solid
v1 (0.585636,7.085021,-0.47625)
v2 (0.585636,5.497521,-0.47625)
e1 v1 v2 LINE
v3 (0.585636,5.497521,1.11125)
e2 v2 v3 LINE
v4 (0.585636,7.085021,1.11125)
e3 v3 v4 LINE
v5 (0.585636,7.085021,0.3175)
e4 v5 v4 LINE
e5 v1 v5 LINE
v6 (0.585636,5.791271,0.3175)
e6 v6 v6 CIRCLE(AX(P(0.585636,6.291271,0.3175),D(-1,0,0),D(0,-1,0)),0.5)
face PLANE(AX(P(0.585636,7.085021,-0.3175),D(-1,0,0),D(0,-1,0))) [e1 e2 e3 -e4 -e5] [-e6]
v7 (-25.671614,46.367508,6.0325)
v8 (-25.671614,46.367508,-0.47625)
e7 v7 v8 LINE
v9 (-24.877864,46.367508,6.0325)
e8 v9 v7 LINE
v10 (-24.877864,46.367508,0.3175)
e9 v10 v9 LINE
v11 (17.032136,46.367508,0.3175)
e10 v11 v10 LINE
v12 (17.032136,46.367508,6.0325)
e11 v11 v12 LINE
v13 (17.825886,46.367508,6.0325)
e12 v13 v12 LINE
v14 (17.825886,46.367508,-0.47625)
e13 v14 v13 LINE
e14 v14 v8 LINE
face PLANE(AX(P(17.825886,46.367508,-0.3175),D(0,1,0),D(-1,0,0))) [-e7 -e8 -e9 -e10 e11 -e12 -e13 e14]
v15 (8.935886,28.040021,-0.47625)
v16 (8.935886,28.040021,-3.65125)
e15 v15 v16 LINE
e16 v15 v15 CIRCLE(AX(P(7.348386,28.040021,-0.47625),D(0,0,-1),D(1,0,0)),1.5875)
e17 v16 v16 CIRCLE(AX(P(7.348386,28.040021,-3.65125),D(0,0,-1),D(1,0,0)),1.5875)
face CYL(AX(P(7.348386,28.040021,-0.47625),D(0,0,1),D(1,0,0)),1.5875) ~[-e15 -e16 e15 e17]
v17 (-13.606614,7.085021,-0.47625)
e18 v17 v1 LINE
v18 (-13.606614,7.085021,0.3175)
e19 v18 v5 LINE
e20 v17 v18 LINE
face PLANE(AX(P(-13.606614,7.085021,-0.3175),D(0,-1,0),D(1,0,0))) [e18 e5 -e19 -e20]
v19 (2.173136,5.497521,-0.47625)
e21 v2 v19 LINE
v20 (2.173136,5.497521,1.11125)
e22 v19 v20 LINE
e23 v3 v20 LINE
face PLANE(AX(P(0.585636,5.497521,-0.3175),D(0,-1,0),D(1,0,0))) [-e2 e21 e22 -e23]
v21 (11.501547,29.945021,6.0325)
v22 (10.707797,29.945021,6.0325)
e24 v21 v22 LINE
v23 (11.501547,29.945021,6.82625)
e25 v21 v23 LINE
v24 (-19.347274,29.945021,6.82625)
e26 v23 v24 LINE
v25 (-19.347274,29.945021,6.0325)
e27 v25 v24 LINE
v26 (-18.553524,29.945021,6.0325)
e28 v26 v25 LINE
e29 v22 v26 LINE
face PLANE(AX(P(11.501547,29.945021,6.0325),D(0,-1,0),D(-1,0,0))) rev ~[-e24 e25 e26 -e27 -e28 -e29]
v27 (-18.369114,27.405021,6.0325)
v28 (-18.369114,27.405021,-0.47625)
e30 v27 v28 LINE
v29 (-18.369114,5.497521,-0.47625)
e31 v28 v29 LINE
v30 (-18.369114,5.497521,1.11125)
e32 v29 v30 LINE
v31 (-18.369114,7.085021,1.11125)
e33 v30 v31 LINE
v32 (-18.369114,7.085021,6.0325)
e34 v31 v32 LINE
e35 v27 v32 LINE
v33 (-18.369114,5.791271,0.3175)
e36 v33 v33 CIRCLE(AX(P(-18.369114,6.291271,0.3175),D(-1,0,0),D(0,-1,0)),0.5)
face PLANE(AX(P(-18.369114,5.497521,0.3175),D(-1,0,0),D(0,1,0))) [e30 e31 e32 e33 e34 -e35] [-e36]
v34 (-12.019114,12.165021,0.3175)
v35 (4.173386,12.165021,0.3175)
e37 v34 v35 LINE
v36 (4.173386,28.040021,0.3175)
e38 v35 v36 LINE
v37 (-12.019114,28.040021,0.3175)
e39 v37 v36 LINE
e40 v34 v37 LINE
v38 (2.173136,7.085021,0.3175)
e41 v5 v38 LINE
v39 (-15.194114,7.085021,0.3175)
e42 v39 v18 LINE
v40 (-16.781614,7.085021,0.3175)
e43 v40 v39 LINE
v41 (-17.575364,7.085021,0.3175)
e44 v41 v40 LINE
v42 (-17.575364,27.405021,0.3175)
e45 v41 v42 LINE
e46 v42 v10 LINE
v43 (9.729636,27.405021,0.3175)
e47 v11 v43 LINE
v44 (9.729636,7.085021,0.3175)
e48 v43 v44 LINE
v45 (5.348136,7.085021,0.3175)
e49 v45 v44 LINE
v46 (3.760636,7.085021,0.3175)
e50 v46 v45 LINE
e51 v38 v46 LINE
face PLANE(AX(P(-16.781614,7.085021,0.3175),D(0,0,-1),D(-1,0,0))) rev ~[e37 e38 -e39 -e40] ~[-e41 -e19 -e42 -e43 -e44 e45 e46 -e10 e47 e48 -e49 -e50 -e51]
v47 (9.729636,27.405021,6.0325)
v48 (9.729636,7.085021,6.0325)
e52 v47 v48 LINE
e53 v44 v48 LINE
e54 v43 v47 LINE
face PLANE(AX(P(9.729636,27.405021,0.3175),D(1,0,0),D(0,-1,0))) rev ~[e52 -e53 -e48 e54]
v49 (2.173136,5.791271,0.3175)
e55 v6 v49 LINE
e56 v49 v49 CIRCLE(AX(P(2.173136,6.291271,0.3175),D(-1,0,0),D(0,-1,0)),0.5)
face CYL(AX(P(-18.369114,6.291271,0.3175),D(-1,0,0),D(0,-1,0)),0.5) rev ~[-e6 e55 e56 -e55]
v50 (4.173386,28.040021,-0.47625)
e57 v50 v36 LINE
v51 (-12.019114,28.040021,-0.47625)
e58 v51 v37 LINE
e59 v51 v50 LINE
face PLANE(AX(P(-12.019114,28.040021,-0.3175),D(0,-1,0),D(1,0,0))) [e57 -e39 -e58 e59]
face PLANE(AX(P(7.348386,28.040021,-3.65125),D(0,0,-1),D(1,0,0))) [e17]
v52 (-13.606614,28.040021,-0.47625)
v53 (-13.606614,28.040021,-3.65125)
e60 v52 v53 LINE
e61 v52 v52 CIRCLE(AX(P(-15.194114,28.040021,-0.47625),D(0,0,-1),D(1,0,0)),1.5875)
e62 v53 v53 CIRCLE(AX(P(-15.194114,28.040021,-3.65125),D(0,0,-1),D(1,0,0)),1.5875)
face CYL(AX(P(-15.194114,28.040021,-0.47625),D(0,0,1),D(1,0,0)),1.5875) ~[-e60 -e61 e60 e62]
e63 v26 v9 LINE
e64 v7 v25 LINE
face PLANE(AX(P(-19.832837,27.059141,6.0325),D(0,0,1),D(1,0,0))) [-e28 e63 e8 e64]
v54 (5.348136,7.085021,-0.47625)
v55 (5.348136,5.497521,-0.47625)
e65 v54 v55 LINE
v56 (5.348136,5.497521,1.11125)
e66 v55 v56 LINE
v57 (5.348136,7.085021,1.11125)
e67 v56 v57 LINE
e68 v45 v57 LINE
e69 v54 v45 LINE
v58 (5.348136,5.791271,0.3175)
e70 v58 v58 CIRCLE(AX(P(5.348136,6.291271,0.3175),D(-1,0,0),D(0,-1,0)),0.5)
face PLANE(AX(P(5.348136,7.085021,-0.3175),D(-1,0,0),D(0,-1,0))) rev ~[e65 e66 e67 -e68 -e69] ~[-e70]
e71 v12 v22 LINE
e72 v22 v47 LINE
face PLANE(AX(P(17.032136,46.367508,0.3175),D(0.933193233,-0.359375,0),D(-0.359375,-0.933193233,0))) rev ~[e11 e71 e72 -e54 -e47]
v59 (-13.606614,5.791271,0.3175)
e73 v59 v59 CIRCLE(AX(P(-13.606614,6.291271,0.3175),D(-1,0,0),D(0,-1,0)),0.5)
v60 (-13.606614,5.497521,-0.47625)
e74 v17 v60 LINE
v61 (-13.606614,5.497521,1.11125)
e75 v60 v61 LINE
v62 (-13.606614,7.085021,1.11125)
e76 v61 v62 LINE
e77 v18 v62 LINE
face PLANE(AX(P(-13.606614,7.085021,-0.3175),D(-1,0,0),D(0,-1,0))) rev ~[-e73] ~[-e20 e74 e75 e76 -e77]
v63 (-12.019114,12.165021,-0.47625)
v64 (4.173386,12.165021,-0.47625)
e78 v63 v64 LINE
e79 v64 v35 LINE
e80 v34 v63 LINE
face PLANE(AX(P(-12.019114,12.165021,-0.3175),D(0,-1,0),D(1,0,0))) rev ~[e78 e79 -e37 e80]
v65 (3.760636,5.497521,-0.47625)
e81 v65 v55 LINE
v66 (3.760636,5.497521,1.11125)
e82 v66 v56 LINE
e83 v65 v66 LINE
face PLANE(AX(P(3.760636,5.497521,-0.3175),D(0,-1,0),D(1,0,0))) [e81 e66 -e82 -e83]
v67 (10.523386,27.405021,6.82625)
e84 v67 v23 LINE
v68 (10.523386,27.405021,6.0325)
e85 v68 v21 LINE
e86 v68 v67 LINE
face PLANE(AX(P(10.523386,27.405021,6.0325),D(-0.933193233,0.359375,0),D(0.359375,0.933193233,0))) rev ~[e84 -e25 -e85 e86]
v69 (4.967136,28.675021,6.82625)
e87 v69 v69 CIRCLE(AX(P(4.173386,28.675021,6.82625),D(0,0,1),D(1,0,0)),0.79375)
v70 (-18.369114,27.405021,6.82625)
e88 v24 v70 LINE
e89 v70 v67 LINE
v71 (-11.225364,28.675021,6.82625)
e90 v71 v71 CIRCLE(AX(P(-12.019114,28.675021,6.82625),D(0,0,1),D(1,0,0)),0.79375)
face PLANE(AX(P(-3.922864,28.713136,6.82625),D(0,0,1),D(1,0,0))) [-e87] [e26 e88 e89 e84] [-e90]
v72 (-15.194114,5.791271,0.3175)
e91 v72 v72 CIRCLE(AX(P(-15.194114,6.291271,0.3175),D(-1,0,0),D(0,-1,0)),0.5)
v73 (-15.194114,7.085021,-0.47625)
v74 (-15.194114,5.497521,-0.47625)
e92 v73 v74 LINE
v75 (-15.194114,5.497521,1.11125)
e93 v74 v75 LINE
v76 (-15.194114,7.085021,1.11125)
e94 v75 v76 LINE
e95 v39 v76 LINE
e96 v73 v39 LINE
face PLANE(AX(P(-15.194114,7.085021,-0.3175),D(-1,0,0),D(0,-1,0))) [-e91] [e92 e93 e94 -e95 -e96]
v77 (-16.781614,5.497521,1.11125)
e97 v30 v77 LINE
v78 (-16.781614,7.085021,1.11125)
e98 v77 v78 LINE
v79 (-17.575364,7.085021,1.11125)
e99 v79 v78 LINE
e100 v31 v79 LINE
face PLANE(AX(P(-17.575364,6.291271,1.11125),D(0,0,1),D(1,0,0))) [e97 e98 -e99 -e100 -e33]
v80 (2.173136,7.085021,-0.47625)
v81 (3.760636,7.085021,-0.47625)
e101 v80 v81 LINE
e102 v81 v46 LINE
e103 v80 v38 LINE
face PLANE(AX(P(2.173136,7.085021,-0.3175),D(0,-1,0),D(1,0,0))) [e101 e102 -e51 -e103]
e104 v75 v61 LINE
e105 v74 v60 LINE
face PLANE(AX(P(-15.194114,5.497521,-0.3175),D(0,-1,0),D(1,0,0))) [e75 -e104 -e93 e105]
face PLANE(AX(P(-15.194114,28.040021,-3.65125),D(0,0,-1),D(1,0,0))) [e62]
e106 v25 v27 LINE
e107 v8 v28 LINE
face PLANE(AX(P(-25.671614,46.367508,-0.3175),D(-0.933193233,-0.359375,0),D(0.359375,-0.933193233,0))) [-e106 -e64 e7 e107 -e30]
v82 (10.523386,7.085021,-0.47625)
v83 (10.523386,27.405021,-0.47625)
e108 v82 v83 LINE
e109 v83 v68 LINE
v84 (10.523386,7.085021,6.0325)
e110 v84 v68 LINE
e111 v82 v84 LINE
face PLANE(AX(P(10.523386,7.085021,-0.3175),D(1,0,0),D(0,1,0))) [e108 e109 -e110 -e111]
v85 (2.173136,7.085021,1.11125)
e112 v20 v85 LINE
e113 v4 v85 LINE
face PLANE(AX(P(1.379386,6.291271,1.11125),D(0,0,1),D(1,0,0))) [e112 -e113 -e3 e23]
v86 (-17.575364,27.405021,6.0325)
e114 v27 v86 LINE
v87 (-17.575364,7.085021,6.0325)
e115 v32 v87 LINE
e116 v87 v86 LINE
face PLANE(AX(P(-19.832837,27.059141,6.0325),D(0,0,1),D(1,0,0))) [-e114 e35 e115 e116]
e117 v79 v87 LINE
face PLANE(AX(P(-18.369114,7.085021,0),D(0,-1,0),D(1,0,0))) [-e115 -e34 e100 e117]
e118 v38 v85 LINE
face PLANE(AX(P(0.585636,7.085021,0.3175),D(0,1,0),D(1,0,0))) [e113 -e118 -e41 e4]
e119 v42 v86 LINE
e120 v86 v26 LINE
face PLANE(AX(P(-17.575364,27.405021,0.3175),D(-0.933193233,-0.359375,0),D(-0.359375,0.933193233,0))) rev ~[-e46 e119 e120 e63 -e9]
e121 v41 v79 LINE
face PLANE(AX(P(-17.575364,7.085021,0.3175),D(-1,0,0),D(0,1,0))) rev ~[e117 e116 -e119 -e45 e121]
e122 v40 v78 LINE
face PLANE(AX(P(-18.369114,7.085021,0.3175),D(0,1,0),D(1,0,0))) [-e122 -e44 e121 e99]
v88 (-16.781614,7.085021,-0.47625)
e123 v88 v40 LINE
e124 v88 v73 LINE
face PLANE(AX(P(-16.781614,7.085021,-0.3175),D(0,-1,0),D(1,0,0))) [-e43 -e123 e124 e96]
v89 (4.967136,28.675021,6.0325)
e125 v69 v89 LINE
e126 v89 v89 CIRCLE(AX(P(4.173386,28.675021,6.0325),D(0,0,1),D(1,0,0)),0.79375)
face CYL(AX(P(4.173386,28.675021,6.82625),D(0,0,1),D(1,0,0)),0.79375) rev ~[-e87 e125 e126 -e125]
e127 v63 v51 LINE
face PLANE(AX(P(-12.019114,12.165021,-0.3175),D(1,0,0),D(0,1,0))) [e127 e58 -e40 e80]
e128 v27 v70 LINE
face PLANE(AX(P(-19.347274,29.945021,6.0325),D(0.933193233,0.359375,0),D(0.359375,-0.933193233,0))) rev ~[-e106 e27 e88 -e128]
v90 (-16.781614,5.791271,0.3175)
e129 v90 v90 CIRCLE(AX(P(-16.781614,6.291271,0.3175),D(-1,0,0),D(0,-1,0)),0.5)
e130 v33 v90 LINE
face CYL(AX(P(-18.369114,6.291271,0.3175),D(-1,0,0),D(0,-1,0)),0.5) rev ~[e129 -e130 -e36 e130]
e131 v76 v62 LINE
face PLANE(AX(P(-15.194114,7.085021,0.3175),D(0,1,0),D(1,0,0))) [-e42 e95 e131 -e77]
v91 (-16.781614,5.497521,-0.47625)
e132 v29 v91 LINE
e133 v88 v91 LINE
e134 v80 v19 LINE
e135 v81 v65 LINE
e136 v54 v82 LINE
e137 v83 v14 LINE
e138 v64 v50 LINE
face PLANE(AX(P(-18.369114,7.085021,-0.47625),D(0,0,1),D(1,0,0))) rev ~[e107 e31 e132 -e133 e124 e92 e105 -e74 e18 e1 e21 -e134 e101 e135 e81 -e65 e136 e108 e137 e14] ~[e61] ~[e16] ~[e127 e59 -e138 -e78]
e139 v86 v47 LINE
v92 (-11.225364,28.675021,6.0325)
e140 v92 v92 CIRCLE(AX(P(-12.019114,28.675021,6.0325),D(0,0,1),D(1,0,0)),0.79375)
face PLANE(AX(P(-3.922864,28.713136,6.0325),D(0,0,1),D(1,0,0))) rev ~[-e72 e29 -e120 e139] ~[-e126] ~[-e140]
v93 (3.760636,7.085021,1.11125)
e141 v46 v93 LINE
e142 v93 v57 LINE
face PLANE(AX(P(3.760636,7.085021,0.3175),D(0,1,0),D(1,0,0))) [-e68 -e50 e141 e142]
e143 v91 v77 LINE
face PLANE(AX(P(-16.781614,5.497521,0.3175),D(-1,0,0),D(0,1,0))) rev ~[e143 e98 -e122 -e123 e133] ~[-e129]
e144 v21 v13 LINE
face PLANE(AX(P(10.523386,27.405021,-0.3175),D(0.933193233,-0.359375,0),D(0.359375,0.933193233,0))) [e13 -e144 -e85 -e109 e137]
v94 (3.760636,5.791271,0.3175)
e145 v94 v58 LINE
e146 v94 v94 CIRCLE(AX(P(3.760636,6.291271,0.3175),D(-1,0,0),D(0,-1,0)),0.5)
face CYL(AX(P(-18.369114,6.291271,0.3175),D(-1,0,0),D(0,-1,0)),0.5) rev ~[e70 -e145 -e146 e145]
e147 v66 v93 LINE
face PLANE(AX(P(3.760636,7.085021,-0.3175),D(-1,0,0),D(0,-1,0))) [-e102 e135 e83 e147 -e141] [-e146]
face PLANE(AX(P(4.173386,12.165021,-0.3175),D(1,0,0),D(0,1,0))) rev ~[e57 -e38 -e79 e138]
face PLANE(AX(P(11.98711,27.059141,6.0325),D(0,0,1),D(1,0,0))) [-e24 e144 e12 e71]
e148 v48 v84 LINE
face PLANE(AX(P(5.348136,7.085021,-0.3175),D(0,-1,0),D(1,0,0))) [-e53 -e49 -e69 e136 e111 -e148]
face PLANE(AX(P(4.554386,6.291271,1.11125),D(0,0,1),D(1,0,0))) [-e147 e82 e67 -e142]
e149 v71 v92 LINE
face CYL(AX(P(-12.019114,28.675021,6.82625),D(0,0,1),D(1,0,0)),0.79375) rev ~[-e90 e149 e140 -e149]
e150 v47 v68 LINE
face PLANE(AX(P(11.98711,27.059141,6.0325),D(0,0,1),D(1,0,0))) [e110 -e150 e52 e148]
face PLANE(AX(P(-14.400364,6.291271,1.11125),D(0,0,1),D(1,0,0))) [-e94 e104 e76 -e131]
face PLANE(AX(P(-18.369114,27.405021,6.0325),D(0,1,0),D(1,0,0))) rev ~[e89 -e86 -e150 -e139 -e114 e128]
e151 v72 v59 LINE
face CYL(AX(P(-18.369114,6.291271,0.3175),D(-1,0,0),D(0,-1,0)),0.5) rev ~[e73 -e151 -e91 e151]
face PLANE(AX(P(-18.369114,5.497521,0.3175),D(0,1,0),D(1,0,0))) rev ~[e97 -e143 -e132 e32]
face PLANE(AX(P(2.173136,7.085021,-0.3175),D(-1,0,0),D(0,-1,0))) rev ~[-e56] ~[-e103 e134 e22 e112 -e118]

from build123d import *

# Parameters (mm, degrees)
F0_W      = 16.1925
F0_H      = 15.875
F1_DEPTH  = 0.3175
F3_DEPTH  = 5.715
F5_DEPTH  = 0.79375
F6_R      = 0.79375
F7_DEPTH  = 0.79375
F8_DEPTH  = 0.3175
F9_W      = 1.5875
F9_H      = 0.635
F10_DEPTH = 1.5875
F11_DEPTH = 0.3175
F12_W     = 1.5875
F12_H     = 1.5875
F13_DEPTH = 0.79375
F14_DEPTH = 0.15875
F15_R     = 0.5
F16_DEPTH = 25.4
F17_R     = 1.5875
F18_DEPTH = 3.175


with BuildPart() as f1:
    # F0 (on Top) → F1 (new body)
    with BuildSketch(Plane.XY):
        Polygon((-25.671613648, 46.3675076752), (-18.369113648, 27.4050211887), (-18.369113648, 7.0850211887), (10.523386352, 7.0850211887), (10.523386352, 27.4050211887), (17.825886352, 46.3675076752), align=None)
        with Locations((-3.922863648, 20.1025211887)):
            Rectangle(F0_W, F0_H, mode=Mode.SUBTRACT)
    extrude(amount=F1_DEPTH)

    # F2 (on face) → F3 (join)
    with BuildSketch(Plane.XY.offset(0.3175)):
        Polygon((17.825886352, 46.3675076752), (17.032136352, 46.3675076752), (9.729636352, 27.4050211887), (9.729636352, 7.0850211887), (10.523386352, 7.0850211887), (10.523386352, 27.4050211887), align=None)
        Polygon((-24.877863648, 46.3675076752), (-25.671613648, 46.3675076752), (-18.369113648, 27.4050211887), (-18.369113648, 7.0850211887), (-17.575363648, 7.0850211887), (-17.575363648, 27.4050211887), align=None)
    extrude(amount=F3_DEPTH)

    # F4 (on face) → F5 (join)
    with BuildSketch(Plane.XY.offset(6.0325)):
        Polygon((-19.3472738705, 29.9450211887), (-18.369113648, 27.4050211887), (10.523386352, 27.4050211887), (11.5015465745, 29.9450211887), align=None)
    extrude(amount=F5_DEPTH)

    # F6 (on face) → F7 (cut)
    with BuildSketch(Plane.XY.offset(6.82625)):
        with Locations((-12.019113648, 28.6750211887)):
            Circle(F6_R)
        with Locations((4.173386352, 28.6750211887)):
            Circle(F6_R)
    extrude(amount=-F7_DEPTH, mode=Mode.SUBTRACT)

    # F8 (add): a face of the model
    f8_faces = [f1.faces().sort_by_distance(p)[0] for p in [
        (-3.922863648, 30.216271867, 0),
    ]]
    extrude(f8_faces, amount=F8_DEPTH)

    # F9 (on face) → F10 (join)
    with BuildSketch(Plane.XZ.offset(-7.0850211887)):
        Polygon((-17.575363648, 0.3175), (-18.369113648, 0.3175), (-18.369113648, -0.3175), (-16.781613648, -0.3175), (-16.781613648, 0.3175), align=None)
        with Locations((-14.400363648, 0)):
            Rectangle(F9_W, F9_H)
        with Locations((1.379386352, 0)):
            Rectangle(F9_W, F9_H)
        with Locations((4.554386352, 0)):
            Rectangle(F9_W, F9_H)
    extrude(amount=F10_DEPTH)

    # F11 (add): a face of the model
    f11_faces = [f1.faces().sort_by_distance(p)[0] for p in [
        (-3.9482759262, 29.9813117116, -0.3175),
    ]]
    extrude(f11_faces, amount=F11_DEPTH)

    # F12 (on face) → F13 (join)
    with BuildSketch(Plane.XY.offset(0.3175)):
        with Locations((-17.575363648, 6.2912711887)):
            Rectangle(F12_W, F12_H)
        with Locations((-14.400363648, 6.2912711887)):
            Rectangle(F12_W, F12_H)
        with Locations((1.379386352, 6.2912711887)):
            Rectangle(F12_W, F12_H)
        with Locations((4.554386352, 6.2912711887)):
            Rectangle(F12_W, F12_H)
    extrude(amount=F13_DEPTH)

    # F14 (cut): a face of the model
    f14_faces = [f1.faces().sort_by_distance(p)[0] for p in [
        (-3.9482759262, 29.9813117116, -0.635),
    ]]
    extrude(f14_faces, amount=-F14_DEPTH, mode=Mode.SUBTRACT)

    # F15 (on face) → F16 (cut)
    with BuildSketch(Plane(origin=(-18.369113648, 0, 0), x_dir=(0, -1, 0), z_dir=(-1, 0, 0))):
        with Locations((-6.2912711887, 0.3175)):
            Circle(F15_R)
    extrude(amount=-F16_DEPTH, mode=Mode.SUBTRACT)

    # F17 (on face) → F18 (join)
    with BuildSketch(Plane(origin=(0, 0, -0.47625), x_dir=(1, 0, 0), z_dir=(0, 0, -1))):
        with Locations((-15.194113648, -28.0400211887)):
            Circle(F17_R)
        with Locations((7.348386352, -28.0400211887)):
            Circle(F17_R)
    extrude(amount=F18_DEPTH)


solid = f1.part
